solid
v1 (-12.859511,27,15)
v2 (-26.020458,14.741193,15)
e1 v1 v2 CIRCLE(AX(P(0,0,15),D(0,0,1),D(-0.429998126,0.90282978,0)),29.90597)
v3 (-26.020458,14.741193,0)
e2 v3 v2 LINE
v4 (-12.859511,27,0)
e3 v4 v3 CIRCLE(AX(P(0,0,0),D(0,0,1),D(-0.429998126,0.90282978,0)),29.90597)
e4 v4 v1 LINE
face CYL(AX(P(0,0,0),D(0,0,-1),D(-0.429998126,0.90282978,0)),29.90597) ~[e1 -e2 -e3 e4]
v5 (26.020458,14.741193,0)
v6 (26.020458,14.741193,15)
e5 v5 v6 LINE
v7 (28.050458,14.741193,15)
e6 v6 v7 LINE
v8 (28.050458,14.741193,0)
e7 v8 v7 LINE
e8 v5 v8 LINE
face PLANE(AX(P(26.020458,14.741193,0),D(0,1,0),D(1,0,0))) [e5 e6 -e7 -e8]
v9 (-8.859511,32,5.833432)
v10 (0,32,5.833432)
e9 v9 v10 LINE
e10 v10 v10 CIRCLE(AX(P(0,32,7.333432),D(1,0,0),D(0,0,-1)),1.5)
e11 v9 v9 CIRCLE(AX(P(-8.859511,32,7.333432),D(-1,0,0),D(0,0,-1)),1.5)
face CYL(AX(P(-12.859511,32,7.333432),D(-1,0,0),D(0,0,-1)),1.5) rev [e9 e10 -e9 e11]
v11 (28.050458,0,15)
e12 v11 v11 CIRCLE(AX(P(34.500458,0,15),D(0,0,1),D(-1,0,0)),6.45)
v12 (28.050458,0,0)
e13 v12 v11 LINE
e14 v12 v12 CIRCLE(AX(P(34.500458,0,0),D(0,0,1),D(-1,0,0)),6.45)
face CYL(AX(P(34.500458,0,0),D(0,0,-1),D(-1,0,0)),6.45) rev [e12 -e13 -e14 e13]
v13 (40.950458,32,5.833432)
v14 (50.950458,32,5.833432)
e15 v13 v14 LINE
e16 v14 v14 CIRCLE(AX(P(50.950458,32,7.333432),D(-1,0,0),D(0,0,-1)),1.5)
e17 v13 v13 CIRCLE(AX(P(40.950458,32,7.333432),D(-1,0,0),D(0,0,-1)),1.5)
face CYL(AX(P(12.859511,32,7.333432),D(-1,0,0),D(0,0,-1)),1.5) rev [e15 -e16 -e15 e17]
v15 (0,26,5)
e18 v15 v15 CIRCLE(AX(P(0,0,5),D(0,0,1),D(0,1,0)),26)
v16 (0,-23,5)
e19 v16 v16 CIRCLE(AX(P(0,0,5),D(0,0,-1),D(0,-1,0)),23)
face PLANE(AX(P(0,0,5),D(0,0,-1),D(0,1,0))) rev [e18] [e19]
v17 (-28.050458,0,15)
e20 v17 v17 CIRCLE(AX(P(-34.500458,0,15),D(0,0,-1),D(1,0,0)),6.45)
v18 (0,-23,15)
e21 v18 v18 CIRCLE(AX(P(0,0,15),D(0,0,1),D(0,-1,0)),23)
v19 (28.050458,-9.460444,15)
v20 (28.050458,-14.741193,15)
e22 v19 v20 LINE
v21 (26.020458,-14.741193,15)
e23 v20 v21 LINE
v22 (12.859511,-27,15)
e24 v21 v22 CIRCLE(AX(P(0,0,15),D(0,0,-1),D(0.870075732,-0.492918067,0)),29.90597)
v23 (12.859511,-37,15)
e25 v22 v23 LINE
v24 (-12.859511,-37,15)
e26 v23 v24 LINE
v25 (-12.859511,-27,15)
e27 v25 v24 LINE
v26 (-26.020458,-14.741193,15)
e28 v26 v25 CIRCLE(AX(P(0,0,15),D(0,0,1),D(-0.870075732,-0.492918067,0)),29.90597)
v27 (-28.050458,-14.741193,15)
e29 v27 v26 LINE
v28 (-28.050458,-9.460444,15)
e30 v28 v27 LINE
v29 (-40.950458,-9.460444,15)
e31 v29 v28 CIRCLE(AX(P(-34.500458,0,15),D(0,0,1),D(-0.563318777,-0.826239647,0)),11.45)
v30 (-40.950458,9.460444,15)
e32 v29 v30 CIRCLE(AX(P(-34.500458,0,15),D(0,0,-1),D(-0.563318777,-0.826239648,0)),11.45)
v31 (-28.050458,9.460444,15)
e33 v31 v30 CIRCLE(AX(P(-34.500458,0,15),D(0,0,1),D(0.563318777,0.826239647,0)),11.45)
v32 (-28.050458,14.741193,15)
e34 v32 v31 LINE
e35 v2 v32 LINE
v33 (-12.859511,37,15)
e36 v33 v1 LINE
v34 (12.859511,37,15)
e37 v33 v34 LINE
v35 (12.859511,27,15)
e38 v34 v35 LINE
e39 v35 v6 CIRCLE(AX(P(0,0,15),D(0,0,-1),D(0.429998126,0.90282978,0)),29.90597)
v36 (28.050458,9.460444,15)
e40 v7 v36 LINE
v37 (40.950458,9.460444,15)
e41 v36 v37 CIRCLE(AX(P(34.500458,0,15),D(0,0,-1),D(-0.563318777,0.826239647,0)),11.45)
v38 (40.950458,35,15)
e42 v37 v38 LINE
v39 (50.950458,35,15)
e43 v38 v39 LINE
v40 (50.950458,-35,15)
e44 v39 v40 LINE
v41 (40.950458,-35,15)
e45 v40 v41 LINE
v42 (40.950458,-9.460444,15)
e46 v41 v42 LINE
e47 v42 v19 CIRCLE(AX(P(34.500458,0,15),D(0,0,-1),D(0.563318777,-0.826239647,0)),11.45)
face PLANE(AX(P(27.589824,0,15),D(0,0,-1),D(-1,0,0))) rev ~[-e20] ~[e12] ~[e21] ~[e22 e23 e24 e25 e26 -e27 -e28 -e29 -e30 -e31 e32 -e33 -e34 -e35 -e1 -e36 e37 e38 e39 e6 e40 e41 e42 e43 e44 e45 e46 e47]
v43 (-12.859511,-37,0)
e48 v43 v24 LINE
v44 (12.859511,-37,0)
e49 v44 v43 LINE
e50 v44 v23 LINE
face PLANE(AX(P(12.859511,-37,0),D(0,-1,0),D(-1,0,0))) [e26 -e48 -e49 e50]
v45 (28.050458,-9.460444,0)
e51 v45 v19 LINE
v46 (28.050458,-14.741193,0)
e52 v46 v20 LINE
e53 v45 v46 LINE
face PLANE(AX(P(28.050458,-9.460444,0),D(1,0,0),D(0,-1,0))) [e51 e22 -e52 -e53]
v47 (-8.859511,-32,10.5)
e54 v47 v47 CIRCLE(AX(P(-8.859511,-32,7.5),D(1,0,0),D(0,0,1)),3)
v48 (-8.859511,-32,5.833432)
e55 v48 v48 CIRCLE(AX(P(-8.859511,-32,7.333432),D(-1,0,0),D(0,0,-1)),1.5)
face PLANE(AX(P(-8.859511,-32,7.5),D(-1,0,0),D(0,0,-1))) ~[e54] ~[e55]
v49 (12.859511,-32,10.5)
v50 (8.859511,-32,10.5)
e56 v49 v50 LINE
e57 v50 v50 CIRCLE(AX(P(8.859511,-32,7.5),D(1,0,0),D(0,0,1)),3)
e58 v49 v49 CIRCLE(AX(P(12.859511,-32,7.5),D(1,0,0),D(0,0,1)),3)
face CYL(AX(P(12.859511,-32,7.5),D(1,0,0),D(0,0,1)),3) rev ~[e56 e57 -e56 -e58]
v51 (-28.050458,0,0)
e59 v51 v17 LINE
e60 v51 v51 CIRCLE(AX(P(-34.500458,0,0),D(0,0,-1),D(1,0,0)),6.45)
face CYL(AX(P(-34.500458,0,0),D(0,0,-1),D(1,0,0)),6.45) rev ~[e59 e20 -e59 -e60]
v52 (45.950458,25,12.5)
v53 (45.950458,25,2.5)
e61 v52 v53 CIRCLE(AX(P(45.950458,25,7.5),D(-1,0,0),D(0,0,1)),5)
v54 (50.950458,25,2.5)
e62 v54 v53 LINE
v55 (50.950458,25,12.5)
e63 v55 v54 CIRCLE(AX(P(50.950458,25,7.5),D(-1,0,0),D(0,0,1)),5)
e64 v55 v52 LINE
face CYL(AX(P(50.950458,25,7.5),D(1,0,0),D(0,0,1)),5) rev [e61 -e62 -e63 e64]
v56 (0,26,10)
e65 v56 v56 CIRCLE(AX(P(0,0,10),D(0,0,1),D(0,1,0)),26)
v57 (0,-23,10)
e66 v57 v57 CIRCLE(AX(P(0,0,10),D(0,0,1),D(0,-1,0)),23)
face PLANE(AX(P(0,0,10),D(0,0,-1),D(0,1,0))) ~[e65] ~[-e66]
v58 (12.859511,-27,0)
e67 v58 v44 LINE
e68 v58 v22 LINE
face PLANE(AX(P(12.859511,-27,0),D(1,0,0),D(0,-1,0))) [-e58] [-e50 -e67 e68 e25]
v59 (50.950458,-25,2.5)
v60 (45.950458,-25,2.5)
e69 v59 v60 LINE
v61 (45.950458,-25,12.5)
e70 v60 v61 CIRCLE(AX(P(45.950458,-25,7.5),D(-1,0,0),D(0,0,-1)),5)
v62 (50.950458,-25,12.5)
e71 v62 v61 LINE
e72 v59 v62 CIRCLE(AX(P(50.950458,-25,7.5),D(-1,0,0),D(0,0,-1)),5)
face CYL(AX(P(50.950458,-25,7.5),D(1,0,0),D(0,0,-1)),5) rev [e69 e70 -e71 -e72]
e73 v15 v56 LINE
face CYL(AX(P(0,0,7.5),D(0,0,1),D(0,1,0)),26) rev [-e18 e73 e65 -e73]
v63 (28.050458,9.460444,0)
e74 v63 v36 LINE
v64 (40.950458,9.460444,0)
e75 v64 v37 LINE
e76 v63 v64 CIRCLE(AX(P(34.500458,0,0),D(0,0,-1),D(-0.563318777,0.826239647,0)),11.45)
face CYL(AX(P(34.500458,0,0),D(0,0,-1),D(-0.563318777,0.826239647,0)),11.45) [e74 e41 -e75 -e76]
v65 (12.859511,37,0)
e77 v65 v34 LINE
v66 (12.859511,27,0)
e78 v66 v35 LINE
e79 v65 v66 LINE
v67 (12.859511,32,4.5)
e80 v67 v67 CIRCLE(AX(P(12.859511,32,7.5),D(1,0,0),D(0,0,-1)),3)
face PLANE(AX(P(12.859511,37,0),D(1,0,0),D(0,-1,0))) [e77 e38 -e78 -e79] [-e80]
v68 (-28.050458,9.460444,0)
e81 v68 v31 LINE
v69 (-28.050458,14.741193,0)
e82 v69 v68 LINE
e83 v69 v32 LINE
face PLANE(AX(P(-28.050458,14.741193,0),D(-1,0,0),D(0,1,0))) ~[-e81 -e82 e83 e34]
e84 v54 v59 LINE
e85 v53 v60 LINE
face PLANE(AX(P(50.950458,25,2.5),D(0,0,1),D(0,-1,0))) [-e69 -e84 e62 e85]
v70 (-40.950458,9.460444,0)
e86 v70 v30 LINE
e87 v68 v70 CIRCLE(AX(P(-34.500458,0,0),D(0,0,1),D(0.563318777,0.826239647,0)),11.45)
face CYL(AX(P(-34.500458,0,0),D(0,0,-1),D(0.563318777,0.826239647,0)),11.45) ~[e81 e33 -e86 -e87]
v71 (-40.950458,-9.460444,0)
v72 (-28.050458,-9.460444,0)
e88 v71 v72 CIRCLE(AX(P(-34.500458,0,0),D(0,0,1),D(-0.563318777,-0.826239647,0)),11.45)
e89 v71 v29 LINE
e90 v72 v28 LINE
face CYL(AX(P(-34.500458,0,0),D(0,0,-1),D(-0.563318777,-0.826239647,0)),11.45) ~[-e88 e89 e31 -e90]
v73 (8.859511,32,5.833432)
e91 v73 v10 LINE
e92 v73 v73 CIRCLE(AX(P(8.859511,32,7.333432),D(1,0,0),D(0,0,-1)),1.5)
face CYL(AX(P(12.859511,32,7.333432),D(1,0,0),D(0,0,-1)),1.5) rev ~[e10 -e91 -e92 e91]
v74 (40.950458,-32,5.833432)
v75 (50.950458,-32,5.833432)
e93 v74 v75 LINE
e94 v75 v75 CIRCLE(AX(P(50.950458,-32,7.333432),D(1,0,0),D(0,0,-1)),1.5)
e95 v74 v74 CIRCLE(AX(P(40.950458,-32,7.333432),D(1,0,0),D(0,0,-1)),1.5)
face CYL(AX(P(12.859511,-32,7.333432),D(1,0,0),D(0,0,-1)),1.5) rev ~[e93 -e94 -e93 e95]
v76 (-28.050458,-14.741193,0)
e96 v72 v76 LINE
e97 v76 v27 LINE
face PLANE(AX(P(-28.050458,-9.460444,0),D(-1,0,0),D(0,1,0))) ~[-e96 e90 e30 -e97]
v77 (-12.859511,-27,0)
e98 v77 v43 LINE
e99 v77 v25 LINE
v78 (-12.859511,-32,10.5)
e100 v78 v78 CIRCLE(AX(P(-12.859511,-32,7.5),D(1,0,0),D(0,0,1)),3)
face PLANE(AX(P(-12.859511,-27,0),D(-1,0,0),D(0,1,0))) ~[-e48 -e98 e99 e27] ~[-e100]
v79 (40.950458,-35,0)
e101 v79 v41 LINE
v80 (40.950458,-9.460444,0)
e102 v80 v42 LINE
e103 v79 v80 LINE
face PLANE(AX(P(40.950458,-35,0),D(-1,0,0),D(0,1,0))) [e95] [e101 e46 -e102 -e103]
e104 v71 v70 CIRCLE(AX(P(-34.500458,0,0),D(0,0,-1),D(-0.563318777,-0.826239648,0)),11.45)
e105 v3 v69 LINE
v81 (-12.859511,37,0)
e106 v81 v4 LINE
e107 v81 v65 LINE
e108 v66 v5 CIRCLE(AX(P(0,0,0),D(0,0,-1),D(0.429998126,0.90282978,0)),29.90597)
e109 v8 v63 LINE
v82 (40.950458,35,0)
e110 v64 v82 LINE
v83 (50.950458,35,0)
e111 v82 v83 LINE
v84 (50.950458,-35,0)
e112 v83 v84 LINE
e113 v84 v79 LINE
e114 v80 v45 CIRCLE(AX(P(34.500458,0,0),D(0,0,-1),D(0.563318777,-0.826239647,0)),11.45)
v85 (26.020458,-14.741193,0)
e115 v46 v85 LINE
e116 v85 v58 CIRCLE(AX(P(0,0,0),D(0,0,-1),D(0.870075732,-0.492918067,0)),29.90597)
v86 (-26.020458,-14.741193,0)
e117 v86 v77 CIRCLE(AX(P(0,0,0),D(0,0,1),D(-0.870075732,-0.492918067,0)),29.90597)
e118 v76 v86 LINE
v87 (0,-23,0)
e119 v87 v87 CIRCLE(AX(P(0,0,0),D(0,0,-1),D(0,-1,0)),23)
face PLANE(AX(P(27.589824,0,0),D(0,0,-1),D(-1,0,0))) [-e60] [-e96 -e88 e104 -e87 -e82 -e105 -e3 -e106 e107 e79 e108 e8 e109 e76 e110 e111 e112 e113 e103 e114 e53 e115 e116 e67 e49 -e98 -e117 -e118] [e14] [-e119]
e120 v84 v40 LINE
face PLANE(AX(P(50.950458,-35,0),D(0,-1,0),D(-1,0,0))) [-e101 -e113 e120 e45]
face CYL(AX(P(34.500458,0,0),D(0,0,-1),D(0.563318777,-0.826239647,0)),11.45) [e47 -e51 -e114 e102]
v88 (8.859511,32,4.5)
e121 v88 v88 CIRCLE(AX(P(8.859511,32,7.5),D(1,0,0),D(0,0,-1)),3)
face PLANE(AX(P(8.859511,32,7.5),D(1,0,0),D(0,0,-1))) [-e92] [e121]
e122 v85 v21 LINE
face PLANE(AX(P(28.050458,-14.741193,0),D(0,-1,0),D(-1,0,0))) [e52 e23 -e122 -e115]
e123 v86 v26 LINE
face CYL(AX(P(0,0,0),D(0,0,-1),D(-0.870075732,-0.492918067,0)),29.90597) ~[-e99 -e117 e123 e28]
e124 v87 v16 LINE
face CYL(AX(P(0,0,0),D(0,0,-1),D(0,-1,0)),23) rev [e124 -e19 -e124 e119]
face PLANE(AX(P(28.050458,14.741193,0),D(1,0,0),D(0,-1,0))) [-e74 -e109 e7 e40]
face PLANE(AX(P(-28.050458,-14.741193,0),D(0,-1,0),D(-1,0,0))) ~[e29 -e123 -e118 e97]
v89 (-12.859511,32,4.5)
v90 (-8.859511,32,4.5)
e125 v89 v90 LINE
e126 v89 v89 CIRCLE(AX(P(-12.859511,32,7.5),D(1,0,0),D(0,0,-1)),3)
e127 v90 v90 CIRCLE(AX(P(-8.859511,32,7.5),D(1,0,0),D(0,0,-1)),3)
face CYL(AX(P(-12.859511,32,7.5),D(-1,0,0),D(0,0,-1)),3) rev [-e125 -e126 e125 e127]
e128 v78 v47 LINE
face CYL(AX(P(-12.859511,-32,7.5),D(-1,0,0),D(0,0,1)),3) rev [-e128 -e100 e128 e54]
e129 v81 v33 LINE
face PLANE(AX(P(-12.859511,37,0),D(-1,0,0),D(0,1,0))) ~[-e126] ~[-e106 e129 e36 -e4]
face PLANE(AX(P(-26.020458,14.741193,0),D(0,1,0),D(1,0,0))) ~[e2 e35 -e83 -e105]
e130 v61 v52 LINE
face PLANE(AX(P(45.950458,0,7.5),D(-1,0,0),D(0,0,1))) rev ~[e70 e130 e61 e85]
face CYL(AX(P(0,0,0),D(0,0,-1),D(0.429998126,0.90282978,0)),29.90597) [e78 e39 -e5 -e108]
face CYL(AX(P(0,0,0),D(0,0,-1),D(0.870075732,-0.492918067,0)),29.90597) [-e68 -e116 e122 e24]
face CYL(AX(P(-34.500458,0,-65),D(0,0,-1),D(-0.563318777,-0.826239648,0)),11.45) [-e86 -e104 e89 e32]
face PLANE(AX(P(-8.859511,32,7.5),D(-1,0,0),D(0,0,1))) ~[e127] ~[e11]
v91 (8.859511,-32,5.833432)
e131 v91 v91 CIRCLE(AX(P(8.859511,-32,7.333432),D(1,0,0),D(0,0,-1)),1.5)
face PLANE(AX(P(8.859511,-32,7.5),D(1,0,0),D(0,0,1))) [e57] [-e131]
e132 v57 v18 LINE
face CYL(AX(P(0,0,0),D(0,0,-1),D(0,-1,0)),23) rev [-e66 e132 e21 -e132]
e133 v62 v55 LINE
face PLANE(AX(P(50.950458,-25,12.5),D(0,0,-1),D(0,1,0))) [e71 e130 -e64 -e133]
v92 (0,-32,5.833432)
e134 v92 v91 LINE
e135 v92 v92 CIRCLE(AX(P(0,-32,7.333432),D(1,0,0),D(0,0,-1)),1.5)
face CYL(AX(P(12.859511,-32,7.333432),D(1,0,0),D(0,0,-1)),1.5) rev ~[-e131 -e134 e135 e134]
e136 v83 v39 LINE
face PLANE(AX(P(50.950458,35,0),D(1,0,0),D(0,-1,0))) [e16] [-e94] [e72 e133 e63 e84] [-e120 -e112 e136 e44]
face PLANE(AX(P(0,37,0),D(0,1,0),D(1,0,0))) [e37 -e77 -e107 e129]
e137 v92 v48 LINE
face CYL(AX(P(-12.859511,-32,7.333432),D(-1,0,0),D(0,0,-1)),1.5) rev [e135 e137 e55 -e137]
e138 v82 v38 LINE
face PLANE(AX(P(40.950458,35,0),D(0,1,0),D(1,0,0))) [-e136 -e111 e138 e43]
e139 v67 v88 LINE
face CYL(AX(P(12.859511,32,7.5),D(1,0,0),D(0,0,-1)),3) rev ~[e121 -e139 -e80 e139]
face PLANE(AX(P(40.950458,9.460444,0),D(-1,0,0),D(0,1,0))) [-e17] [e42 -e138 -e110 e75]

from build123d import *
from build123d.topology import SkipClean

# Parameters (mm, degrees)
SKETCH1_R           = 6.45
BOSS_EXTRUDE1_DEPTH = 15
SKETCH2_W           = 5
SKETCH2_H           = 3
CUT_EXTRUDE3_DEPTH  = 5
SKETCH4_R           = 1.5
CUT_EXTRUDE4_DEPTH  = 56.180796325
SKETCH5_R           = 3
CUT_EXTRUDE5_DEPTH  = 4
CUT_EXTRUDE6_START  = -80
CUT_EXTRUDE6_DEPTH  = 80


with BuildPart() as part:
    # Sketch1 → Boss-Extrude1 (new body)
    with BuildSketch(Plane.XY):
        with BuildLine():
            Line((0, 23), (0, 37))
            Line((0, 37), (12.859510911, 37))
            Line((12.859510911, 37), (12.859510911, 27))
            ThreePointArc((12.859510911, 27), (20.383390121, 21.88342816), (26.020458433, 14.741192754))
            Line((26.020458433, 14.741192754), (28.050458433, 14.741192754))
            Line((28.050458433, 14.741192754), (28.050458433, 9.460443964))
            ThreePointArc((28.050458433, 9.460443964), (34.500458433, 11.45), (40.950458433, 9.460443964))
            Line((40.950458433, 9.460443964), (40.950458433, 35))
            Line((40.950458433, 35), (50.950458433, 35))
            Line((50.950458433, 35), (50.950458433, -35))
            Line((50.950458433, -35), (40.950458433, -35))
            Line((40.950458433, -35), (40.950458433, -9.460443964))
            ThreePointArc((40.950458433, -9.460443964), (34.500458433, -11.45), (28.050458433, -9.460443964))
            Line((28.050458433, -9.460443964), (28.050458433, -14.741192754))
            Line((28.050458433, -14.741192754), (26.020458433, -14.741192754))
            ThreePointArc((26.020458433, -14.741192754), (20.383390121, -21.88342816), (12.859510911, -27))
            Line((12.859510911, -27), (12.859510911, -37))
            Line((12.859510911, -37), (0, -37))
            Line((0, -37), (0, -23))
            ThreePointArc((0, -23), (23, 0), (0, 23))
        make_face()
        with Locations(Location((34.500458433, 0, 0), (0, 0, 180))):
            Circle(SKETCH1_R, mode=Mode.SUBTRACT)
    boss_extrude1 = extrude(amount=BOSS_EXTRUDE1_DEPTH)

    # Sketch2 → Cut-Revolve1 (revolve, cut)
    with BuildSketch(Plane.ZY):
        with Locations((7.5, 24.5)):
            Rectangle(SKETCH2_W, SKETCH2_H)
    cut_revolve1 = revolve(axis=Axis((0, 0, 15), (0, 0, -1)), mode=Mode.SUBTRACT)

    # Sketch3 → Cut-Extrude3 (cut)
    with BuildSketch(Plane(origin=(50.950458433, 0, 0), x_dir=(0, 0, -1), z_dir=(1, 0, 0))):
        with BuildLine():
            Line((-12.5, -25), (-12.5, 25))
            ThreePointArc((-12.5, 25), (-7.5, 30), (-2.5, 25))
            Line((-2.5, 25), (-2.5, -25))
            ThreePointArc((-2.5, -25), (-7.5, -30), (-12.5, -25))
        make_face()
    extrude(amount=-CUT_EXTRUDE3_DEPTH, mode=Mode.SUBTRACT)

    # Sketch4 → Cut-Extrude4 (cut, symmetric)
    with BuildSketch(Plane(origin=(12.859510911, 0, 0), x_dir=(0, 0, -1), z_dir=(1, 0, 0))):
        with Locations((-7.333431897, 32)):
            Circle(SKETCH4_R)
        with Locations((-7.333431897, -32)):
            Circle(SKETCH4_R)
    cut_extrude4 = extrude(amount=CUT_EXTRUDE4_DEPTH, both=True, mode=Mode.SUBTRACT)

    # Sketch5 → Cut-Extrude5 (cut)
    with BuildSketch(Plane(origin=(12.859510911, 0, 0), x_dir=(0, 0, -1), z_dir=(1, 0, 0))):
        with Locations((-7.5, 32)):
            Circle(SKETCH5_R)
        with Locations(Location((-7.5, -32, 0), (0, 0, 180))):
            Circle(SKETCH5_R)
    cut_extrude5 = extrude(amount=-CUT_EXTRUDE5_DEPTH, mode=Mode.SUBTRACT)

    # Mirror1: Boss-Extrude1, Cut-Revolve1, Cut-Extrude4, Cut-Extrude5 across plane
    add(boss_extrude1.mirror(Plane.ZY))
    add(cut_revolve1.mirror(Plane.ZY), mode=Mode.SUBTRACT)
    add(cut_extrude4.mirror(Plane.ZY), mode=Mode.SUBTRACT)
    add(cut_extrude5.mirror(Plane.ZY), mode=Mode.SUBTRACT)

    # Sketch6 → Cut-Extrude6 (cut)
    with SkipClean():  # the faces are left unmerged after this step: merging them gives an invalid solid
        with BuildSketch(Plane.XY.offset(15).offset(CUT_EXTRUDE6_START)):
            with BuildLine():
                Line((-40.950458433, 9.460443964), (-40.950458433, 38.741811421))
                Line((-40.950458433, 38.741811421), (-62.772471418, 38.741811421))
                Line((-62.772471418, 38.741811421), (-62.772471418, -39.471412389))
                Line((-62.772471418, -39.471412389), (-40.950458433, -39.471412389))
                Line((-40.950458433, -39.471412389), (-40.950458433, -9.460443964))
                ThreePointArc((-40.950458433, -9.460443964), (-45.950458433, 0), (-40.950458433, 9.460443964))
            make_face()
        extrude(amount=CUT_EXTRUDE6_DEPTH, mode=Mode.SUBTRACT)


solid = part.part
